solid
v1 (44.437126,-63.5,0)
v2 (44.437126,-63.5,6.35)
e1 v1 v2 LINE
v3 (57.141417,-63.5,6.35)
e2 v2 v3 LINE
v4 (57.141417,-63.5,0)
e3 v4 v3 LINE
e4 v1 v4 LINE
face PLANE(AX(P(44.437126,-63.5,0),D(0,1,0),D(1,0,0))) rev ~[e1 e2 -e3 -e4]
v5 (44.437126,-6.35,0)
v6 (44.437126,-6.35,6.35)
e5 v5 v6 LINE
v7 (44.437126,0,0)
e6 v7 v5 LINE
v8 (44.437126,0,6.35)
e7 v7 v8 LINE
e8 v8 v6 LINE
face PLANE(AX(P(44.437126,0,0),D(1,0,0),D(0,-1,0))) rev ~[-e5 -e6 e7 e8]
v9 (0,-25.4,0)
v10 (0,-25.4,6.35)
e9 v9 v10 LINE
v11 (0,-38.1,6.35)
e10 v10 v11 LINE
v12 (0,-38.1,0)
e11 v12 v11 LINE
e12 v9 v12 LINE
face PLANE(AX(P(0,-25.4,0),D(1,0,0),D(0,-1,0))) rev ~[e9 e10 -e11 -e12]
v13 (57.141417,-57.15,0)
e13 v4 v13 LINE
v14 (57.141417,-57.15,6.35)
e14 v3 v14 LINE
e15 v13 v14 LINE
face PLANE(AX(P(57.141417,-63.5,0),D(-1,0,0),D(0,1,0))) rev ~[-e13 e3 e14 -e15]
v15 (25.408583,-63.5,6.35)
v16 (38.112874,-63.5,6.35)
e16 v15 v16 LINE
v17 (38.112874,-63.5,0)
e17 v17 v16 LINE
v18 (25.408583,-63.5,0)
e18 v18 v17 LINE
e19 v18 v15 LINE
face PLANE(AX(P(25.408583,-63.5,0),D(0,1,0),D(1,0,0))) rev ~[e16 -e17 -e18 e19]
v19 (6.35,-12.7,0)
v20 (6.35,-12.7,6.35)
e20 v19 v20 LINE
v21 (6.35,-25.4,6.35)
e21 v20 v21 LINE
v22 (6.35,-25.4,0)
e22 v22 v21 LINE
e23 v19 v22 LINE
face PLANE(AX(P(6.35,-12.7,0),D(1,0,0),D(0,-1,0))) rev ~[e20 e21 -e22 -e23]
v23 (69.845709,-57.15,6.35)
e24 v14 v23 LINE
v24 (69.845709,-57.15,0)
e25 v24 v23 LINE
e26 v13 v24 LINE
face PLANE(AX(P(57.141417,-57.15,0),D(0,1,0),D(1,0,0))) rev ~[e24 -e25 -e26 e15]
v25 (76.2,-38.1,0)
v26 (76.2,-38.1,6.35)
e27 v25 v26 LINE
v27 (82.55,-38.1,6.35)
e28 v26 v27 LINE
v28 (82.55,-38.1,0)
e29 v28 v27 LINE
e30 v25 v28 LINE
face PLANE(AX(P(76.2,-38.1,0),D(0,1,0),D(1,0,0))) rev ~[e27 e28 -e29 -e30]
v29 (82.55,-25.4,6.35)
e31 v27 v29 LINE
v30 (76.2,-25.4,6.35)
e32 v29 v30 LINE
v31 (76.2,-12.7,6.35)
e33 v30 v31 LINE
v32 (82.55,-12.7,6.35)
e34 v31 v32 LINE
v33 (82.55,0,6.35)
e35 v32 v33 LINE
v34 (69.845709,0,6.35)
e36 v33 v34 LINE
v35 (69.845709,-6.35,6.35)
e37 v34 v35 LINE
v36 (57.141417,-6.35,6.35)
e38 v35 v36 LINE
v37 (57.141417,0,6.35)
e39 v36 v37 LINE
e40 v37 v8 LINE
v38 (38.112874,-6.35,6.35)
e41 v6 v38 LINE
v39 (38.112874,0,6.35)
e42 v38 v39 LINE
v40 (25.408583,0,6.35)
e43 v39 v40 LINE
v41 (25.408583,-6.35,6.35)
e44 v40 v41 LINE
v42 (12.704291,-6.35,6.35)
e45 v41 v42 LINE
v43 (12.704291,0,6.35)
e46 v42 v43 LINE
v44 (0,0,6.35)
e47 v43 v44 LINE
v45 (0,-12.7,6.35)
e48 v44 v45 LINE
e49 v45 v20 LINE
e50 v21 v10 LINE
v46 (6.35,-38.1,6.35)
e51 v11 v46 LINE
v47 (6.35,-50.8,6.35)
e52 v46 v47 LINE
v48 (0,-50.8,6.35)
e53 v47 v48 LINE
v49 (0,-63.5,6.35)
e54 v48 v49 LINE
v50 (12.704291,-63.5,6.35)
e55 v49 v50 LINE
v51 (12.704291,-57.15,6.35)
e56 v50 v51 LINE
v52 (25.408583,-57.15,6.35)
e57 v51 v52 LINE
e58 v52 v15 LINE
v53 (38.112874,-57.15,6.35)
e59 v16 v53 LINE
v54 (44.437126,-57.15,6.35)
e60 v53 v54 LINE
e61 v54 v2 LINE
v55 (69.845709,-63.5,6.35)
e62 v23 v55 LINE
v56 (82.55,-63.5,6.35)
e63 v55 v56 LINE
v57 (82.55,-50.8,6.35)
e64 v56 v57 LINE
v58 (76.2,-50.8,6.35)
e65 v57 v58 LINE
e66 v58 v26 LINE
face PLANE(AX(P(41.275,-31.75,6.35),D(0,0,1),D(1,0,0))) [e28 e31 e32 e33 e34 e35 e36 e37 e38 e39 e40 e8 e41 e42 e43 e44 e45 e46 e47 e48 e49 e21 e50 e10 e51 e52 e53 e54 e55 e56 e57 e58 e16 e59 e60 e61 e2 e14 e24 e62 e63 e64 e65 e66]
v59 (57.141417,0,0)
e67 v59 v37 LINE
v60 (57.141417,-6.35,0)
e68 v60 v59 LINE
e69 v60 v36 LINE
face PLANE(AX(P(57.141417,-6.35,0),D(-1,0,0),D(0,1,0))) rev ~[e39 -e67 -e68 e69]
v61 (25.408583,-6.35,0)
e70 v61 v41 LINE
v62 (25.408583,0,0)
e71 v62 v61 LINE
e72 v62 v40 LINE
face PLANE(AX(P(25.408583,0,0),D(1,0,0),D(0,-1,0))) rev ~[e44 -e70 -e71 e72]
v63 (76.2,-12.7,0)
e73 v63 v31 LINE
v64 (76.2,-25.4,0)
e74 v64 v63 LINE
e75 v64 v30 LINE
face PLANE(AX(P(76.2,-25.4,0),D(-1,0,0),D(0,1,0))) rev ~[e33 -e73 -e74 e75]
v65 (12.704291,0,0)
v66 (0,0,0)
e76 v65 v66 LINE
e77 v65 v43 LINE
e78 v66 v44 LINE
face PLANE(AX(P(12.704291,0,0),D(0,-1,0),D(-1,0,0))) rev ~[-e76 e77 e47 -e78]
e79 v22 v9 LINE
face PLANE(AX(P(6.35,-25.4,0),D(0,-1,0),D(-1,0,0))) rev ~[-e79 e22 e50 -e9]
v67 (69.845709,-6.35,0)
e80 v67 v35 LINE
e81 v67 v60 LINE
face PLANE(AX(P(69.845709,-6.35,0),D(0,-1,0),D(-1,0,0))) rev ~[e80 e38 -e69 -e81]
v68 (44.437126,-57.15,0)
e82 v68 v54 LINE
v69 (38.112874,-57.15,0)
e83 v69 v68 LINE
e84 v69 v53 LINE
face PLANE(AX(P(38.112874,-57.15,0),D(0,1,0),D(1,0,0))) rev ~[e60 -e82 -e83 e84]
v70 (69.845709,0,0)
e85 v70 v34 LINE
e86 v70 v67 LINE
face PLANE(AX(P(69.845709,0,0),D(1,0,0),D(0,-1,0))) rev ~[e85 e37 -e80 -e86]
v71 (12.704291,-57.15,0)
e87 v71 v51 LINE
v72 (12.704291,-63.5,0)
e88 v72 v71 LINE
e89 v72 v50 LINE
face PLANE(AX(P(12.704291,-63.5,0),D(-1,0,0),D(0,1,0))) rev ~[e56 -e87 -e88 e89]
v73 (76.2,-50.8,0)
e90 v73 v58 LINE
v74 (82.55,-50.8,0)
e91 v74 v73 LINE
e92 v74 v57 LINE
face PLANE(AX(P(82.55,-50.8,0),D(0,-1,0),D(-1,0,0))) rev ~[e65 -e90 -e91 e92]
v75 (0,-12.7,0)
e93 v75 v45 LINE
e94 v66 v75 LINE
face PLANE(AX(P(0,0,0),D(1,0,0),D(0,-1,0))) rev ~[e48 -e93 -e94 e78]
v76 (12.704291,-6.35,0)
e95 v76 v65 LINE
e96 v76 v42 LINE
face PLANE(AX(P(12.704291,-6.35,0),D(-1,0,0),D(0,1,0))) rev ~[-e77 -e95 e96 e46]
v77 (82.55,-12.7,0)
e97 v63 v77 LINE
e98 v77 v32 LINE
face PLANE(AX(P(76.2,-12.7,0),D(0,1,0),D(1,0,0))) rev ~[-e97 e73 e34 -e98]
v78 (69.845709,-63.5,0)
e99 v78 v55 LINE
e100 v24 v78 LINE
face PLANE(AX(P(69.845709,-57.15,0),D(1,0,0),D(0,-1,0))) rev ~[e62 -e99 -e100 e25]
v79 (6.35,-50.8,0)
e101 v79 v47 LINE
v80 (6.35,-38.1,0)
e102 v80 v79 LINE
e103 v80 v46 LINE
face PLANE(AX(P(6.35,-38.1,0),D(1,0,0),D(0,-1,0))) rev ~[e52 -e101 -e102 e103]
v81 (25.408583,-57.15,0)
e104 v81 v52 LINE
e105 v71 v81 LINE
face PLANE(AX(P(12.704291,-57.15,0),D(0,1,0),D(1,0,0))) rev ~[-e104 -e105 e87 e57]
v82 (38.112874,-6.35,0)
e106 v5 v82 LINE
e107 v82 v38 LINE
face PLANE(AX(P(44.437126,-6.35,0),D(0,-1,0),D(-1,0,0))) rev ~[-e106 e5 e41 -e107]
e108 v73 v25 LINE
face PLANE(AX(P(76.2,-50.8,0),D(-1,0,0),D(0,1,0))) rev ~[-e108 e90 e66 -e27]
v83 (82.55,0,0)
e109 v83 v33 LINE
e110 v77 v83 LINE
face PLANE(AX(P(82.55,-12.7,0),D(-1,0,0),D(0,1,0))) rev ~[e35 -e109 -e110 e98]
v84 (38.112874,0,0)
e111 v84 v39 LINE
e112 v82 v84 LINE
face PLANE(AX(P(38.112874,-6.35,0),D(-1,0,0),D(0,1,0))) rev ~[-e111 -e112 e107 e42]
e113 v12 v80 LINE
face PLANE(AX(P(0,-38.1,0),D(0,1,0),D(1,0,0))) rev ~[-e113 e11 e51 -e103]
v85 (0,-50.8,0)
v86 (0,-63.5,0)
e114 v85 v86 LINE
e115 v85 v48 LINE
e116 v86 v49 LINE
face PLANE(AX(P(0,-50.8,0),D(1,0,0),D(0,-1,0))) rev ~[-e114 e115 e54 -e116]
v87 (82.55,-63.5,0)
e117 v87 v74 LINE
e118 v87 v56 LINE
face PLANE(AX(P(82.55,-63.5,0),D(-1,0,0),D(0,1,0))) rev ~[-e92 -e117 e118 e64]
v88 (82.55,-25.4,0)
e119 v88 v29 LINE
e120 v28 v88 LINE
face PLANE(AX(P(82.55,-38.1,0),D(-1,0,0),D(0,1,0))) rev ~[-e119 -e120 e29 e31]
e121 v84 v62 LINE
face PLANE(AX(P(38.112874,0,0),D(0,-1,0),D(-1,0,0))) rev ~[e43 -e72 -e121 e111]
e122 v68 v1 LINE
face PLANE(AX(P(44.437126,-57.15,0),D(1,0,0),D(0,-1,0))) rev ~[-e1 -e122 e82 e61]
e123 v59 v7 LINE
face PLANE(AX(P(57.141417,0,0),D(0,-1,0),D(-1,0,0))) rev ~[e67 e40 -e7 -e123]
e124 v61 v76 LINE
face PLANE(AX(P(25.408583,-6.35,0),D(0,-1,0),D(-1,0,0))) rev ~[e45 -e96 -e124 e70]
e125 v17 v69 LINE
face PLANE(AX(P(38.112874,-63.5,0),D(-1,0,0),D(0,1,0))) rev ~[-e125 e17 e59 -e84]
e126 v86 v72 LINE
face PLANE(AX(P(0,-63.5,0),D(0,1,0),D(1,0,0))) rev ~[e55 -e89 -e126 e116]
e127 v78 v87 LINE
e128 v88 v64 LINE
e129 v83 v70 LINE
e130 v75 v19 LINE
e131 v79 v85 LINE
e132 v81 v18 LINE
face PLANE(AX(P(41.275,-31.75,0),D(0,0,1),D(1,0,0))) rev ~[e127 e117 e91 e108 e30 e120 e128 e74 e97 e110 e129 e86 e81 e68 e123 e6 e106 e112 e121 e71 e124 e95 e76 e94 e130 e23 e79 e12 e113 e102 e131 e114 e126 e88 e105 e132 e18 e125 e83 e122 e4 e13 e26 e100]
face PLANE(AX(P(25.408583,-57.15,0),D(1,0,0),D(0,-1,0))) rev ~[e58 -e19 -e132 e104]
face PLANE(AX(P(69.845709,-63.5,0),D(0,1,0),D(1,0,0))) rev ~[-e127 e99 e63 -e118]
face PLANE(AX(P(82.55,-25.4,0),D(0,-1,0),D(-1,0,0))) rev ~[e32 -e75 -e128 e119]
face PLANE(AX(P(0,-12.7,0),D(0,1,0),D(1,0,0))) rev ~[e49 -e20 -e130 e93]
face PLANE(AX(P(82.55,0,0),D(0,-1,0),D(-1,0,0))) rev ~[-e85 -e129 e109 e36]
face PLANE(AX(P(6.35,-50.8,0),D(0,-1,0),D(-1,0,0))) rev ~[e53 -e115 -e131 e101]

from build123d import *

# Parameters (mm, degrees)
F1_DEPTH = 6.35


with BuildPart() as f1:
    # F0 (on Top) → F1 (new body)
    with BuildSketch(Plane.XY):
        Polygon((12.704291, 0), (0, 0), (0, -12.7), (6.35, -12.7), (6.35, -25.4), (0, -25.4), (0, -38.1), (6.35, -38.1), (6.35, -50.8), (0, -50.8), (0, -63.5), (12.704291, -63.5), (12.704291, -57.15), (25.408583, -57.15), (25.408583, -63.5), (38.112874, -63.5), (38.112874, -57.15), (44.437126, -57.15), (44.437126, -63.5), (57.141417, -63.5), (57.141417, -57.15), (69.845709, -57.15), (69.845709, -63.5), (82.55, -63.5), (82.55, -50.8), (76.2, -50.8), (76.2, -38.1), (82.55, -38.1), (82.55, -25.4), (76.2, -25.4), (76.2, -12.7), (82.55, -12.7), (82.55, 0), (69.845709, 0), (69.845709, -6.35), (57.141417, -6.35), (57.141417, 0), (44.437126, 0), (44.437126, -6.35), (38.112874, -6.35), (38.112874, 0), (25.408583, 0), (25.408583, -6.35), (12.704291, -6.35), align=None)
    extrude(amount=F1_DEPTH)


solid = f1.part
